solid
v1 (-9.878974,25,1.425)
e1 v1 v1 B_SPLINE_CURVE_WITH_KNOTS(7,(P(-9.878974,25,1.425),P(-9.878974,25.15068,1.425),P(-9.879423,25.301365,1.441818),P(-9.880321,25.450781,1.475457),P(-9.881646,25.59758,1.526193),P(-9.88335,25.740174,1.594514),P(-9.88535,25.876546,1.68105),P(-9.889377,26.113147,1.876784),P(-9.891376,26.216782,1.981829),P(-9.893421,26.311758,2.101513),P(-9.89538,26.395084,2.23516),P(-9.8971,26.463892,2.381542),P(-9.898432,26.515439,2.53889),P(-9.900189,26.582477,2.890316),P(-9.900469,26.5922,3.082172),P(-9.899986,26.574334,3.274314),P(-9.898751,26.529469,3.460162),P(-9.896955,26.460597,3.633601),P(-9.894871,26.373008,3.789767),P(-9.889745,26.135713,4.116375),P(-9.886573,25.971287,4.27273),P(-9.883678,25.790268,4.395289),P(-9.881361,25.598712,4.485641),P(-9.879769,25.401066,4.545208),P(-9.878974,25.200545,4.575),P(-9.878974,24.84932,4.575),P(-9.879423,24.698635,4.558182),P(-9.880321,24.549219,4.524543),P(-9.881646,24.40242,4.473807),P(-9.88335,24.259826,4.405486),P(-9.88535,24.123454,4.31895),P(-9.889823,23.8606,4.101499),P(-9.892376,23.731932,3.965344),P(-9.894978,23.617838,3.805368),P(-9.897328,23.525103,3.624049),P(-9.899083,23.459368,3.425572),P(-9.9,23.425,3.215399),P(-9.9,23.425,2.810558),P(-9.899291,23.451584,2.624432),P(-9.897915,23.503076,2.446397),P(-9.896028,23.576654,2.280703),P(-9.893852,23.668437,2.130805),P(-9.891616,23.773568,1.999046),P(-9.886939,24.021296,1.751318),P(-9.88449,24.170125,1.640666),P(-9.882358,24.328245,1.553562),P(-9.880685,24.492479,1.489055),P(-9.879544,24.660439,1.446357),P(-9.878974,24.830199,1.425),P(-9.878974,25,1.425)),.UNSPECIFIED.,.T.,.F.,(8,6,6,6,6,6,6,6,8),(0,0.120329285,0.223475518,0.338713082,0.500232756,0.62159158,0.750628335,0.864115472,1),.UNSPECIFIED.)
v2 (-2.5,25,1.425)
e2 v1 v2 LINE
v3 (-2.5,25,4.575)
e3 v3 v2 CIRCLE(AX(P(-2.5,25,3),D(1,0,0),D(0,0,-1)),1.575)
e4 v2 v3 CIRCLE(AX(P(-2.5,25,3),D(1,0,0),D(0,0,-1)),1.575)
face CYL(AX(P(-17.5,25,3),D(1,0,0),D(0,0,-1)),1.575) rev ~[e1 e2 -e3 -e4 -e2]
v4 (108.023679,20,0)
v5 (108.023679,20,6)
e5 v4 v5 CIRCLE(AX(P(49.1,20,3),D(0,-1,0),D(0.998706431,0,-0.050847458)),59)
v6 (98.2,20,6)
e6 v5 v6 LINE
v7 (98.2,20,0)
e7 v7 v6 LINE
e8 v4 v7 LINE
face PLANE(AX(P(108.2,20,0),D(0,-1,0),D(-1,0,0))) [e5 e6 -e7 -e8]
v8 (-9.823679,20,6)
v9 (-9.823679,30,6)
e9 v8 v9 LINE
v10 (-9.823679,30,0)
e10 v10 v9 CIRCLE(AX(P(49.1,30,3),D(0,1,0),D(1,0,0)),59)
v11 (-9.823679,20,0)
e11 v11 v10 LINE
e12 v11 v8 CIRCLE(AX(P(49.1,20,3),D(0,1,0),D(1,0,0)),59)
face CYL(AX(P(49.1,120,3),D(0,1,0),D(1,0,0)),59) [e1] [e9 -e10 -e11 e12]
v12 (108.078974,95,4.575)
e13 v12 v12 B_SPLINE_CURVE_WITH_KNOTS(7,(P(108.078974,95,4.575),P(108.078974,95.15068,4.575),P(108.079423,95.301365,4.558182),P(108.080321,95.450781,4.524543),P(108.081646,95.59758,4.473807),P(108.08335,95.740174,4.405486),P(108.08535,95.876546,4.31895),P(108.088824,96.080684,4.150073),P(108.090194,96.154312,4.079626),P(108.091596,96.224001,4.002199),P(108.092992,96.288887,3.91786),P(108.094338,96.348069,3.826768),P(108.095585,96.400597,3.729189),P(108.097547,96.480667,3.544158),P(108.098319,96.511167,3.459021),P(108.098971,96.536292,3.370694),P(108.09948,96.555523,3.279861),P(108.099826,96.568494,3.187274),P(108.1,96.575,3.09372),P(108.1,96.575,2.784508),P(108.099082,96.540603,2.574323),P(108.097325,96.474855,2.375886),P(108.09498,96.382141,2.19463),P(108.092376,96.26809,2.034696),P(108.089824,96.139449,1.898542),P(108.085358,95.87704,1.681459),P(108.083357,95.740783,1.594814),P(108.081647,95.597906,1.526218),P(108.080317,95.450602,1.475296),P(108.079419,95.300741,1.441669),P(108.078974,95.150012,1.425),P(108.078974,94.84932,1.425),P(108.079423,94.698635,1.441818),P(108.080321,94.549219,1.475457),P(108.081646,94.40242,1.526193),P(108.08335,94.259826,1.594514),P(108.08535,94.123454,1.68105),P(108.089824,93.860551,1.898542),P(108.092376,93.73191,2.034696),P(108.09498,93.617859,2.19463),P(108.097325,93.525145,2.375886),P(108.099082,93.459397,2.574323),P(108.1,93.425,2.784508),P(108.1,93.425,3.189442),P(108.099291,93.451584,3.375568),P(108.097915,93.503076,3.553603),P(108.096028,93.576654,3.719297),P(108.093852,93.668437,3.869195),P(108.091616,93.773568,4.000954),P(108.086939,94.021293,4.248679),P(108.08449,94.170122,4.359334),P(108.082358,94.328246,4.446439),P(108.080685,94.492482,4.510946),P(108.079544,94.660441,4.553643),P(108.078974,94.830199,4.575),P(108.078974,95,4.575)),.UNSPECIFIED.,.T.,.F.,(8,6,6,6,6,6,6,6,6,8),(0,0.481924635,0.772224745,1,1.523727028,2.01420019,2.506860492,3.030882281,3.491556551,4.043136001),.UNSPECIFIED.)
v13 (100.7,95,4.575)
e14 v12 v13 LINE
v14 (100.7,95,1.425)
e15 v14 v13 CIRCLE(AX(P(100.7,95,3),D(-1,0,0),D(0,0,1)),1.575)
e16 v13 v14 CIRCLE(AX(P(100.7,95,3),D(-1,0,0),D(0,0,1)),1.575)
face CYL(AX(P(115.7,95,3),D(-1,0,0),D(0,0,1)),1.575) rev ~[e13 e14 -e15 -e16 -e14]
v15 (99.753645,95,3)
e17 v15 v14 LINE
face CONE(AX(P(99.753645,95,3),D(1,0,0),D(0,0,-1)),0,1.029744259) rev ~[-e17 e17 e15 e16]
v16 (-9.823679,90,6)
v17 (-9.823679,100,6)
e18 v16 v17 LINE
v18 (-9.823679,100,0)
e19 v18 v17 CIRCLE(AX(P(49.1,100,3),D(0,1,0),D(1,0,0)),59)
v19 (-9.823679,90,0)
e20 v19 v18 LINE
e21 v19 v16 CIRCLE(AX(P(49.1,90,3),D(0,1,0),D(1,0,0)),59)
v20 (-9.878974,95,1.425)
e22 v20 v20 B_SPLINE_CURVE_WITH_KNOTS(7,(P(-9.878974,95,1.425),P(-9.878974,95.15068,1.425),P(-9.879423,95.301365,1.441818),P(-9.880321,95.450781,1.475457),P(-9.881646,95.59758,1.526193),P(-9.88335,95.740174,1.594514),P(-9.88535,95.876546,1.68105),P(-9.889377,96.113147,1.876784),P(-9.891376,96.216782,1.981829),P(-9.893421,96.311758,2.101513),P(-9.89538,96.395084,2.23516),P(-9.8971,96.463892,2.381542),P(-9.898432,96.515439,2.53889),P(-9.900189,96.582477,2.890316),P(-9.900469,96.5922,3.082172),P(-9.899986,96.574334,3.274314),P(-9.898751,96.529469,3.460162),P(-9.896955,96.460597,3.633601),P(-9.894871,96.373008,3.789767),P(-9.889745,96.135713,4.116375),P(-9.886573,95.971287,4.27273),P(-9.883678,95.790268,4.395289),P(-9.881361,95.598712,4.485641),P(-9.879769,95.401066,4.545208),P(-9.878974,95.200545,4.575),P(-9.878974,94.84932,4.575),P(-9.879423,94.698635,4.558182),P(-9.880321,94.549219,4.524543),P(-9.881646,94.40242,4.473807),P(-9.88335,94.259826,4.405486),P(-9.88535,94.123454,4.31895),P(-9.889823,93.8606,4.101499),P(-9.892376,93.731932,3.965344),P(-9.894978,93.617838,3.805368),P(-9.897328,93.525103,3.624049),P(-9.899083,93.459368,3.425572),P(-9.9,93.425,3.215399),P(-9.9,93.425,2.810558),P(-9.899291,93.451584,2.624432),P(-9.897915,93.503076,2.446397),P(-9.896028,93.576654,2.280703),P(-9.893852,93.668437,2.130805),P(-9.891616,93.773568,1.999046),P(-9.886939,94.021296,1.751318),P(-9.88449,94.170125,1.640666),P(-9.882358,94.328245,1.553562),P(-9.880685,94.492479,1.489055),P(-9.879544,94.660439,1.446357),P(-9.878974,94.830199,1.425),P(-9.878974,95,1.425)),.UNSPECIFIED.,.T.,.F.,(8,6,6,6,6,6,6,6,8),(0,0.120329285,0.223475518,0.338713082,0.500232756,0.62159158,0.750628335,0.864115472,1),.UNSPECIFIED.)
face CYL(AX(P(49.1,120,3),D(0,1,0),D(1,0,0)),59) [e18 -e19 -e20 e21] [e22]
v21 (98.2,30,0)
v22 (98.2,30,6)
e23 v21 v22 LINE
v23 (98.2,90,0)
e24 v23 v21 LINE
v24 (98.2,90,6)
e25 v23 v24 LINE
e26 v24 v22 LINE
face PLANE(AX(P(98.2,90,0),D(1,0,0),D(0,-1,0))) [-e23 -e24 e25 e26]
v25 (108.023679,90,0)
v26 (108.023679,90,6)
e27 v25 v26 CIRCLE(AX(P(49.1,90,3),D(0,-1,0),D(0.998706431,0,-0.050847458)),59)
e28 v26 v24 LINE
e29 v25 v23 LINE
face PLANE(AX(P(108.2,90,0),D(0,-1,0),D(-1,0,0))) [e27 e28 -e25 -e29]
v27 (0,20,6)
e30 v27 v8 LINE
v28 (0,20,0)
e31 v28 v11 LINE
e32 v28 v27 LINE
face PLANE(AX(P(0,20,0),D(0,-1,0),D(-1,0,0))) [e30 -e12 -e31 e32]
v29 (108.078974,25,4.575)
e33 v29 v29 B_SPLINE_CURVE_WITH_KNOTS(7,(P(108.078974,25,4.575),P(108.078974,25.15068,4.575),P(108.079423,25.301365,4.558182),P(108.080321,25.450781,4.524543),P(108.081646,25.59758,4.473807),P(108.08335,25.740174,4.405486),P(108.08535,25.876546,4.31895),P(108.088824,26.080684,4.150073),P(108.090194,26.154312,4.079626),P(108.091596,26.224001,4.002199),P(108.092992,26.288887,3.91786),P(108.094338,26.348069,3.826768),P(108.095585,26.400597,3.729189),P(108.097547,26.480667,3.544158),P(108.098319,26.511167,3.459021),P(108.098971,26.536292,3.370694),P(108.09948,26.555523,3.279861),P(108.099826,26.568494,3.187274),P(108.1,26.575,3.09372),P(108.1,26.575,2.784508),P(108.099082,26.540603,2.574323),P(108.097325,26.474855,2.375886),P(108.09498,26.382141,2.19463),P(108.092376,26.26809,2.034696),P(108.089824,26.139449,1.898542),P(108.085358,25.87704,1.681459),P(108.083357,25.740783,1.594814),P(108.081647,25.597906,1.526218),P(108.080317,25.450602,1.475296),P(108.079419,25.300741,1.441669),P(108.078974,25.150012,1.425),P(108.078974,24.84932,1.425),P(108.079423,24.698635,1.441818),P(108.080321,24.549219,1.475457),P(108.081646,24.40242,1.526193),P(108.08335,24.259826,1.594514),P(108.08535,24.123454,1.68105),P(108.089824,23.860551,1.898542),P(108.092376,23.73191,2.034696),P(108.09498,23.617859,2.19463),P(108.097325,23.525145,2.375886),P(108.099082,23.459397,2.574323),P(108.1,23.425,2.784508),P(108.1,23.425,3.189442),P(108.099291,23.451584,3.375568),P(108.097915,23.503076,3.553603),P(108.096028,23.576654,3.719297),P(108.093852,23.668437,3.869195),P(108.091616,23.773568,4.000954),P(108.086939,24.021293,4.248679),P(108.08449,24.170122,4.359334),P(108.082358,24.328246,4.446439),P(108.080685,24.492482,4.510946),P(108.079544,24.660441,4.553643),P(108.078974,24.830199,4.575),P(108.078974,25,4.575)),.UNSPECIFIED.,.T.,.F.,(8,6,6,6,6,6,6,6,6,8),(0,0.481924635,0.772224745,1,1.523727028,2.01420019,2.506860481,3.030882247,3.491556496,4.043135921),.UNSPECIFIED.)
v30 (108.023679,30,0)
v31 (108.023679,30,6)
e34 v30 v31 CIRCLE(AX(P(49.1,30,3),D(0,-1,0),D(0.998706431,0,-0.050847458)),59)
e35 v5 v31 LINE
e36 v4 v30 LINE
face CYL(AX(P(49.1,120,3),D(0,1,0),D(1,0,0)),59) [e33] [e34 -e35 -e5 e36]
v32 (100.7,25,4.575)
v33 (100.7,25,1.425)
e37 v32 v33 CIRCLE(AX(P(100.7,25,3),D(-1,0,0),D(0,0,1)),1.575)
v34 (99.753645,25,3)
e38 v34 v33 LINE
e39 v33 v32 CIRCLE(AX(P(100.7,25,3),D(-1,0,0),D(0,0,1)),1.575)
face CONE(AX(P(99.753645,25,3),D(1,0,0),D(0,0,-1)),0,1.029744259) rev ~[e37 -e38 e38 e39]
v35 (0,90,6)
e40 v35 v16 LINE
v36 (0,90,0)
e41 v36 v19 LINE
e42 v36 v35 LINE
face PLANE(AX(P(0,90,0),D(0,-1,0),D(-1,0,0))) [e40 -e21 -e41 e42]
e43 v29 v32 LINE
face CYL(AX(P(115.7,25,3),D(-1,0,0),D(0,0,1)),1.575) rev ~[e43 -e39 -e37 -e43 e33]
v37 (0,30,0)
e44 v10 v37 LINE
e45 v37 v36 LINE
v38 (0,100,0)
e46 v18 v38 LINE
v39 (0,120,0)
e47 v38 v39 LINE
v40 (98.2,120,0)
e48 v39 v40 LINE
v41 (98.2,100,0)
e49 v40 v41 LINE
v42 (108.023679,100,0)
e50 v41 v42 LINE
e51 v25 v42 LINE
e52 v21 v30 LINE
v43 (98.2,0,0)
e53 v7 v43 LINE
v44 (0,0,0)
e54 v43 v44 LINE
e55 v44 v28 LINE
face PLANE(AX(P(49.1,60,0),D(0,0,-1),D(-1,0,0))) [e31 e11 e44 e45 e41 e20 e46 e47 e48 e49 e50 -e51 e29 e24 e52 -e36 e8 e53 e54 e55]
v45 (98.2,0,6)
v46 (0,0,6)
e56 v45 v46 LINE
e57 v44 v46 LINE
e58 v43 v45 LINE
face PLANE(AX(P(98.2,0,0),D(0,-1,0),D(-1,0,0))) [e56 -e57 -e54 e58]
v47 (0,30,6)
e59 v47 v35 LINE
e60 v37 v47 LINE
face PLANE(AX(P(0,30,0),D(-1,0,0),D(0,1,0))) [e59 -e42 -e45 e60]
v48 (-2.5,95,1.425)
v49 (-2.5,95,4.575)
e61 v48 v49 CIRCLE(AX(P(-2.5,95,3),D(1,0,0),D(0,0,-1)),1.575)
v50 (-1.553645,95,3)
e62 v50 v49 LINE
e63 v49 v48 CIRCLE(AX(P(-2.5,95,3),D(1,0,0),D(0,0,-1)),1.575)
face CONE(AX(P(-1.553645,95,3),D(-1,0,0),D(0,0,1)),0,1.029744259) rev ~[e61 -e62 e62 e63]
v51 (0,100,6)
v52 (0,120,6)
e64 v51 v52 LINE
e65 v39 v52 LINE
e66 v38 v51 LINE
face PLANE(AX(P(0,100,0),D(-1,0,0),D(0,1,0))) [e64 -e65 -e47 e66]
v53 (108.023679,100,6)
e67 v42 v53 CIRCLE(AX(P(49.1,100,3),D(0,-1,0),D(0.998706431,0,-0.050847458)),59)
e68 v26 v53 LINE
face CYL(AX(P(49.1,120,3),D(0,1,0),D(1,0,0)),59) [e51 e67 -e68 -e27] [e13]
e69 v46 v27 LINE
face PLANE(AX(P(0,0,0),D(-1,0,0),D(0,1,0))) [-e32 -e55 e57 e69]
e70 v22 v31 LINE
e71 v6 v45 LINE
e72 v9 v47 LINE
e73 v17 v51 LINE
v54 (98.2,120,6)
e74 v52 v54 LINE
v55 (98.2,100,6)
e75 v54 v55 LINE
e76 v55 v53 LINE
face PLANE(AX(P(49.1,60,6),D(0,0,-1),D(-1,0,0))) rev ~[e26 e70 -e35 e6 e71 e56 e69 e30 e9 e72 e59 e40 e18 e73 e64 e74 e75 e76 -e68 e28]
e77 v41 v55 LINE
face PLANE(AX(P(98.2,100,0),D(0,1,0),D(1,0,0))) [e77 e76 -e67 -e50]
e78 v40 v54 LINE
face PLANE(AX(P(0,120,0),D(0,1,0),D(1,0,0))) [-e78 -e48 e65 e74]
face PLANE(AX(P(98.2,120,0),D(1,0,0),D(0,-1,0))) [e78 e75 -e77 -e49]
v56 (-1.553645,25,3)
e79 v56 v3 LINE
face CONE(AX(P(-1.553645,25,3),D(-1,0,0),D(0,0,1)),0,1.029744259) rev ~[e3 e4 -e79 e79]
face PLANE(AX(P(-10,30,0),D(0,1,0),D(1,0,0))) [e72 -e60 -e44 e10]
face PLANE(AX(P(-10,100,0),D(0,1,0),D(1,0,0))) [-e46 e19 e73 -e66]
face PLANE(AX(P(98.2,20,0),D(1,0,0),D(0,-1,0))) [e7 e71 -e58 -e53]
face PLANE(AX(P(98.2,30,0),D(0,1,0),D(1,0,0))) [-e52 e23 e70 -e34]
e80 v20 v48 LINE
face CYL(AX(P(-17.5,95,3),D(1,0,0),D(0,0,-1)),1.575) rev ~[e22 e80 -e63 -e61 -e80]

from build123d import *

# Parameters (mm, degrees)
Y_KSEKLIK_EKSTR_ZYON1_DEPTH             = 6
M3X0_5_HELISARMAL_IN_DI_LI_DELIK1_D     = 3.15
M3X0_5_HELISARMAL_IN_DI_LI_DELIK1_DEPTH = 7.5
M3X0_5_HELISARMAL_IN_DI_LI_DELIK1_TIP   = 0.946355475
M3X0_5_HELISARMAL_IN_DI_LI_DELIK2_D     = 3.15
M3X0_5_HELISARMAL_IN_DI_LI_DELIK2_DEPTH = 7.5
M3X0_5_HELISARMAL_IN_DI_LI_DELIK2_TIP   = 0.946355475
IZIM2_R                                 = 69
IZIM2_R_2                               = 59
KES_EKSTR_ZYON_NCE1_DEPTH               = 150


with BuildPart() as part:
    # Çizim1 → Yükseklik-Ekstrüzyon1 (new body)
    with BuildSketch(Plane.XY):
        Polygon((0, 20), (-10, 20), (-10, 30), (0, 30), (0, 90), (-10, 90), (-10, 100), (0, 100), (0, 120), (98.2, 120), (98.2, 100), (108.2, 100), (108.2, 90), (98.2, 90), (98.2, 30), (108.2, 30), (108.2, 20), (98.2, 20), (98.2, 0), (0, 0), align=None)
    extrude(amount=Y_KSEKLIK_EKSTR_ZYON1_DEPTH)

    # M3x0.5 Helisarmal İçin Dişli Delik1
    with Locations(Plane.ZY.offset(10)):
        with Locations((3, 25), (3, 95)):
            Hole(M3X0_5_HELISARMAL_IN_DI_LI_DELIK1_D / 2, depth=M3X0_5_HELISARMAL_IN_DI_LI_DELIK1_DEPTH)
            with Locations((0, 0, -(M3X0_5_HELISARMAL_IN_DI_LI_DELIK1_DEPTH + M3X0_5_HELISARMAL_IN_DI_LI_DELIK1_TIP / 2))):  # 118° drill point
                Cone(0, M3X0_5_HELISARMAL_IN_DI_LI_DELIK1_D / 2, M3X0_5_HELISARMAL_IN_DI_LI_DELIK1_TIP, mode=Mode.SUBTRACT)

    # M3x0.5 Helisarmal İçin Dişli Delik2
    with Locations(Plane(origin=(108.2, 0, 0), x_dir=(0, 0, -1), z_dir=(1, 0, 0))):
        with Locations((-3, 25), (-3, 95)):
            Hole(M3X0_5_HELISARMAL_IN_DI_LI_DELIK2_D / 2, depth=M3X0_5_HELISARMAL_IN_DI_LI_DELIK2_DEPTH)
            with Locations((0, 0, -(M3X0_5_HELISARMAL_IN_DI_LI_DELIK2_DEPTH + M3X0_5_HELISARMAL_IN_DI_LI_DELIK2_TIP / 2))):  # 118° drill point
                Cone(0, M3X0_5_HELISARMAL_IN_DI_LI_DELIK2_D / 2, M3X0_5_HELISARMAL_IN_DI_LI_DELIK2_TIP, mode=Mode.SUBTRACT)

    # Çizim2 → Kes-Ekstrüzyon-İnce1 (cut)
    with BuildSketch(Plane(origin=(0, 120, 0), x_dir=(1, 0, 0), z_dir=(0, 1, 0))):
        with Locations((49.1, -3)):
            Circle(IZIM2_R)
        with Locations((49.1, -3)):
            Circle(IZIM2_R_2, mode=Mode.SUBTRACT)
    extrude(amount=-KES_EKSTR_ZYON_NCE1_DEPTH, mode=Mode.SUBTRACT)


solid = part.part
